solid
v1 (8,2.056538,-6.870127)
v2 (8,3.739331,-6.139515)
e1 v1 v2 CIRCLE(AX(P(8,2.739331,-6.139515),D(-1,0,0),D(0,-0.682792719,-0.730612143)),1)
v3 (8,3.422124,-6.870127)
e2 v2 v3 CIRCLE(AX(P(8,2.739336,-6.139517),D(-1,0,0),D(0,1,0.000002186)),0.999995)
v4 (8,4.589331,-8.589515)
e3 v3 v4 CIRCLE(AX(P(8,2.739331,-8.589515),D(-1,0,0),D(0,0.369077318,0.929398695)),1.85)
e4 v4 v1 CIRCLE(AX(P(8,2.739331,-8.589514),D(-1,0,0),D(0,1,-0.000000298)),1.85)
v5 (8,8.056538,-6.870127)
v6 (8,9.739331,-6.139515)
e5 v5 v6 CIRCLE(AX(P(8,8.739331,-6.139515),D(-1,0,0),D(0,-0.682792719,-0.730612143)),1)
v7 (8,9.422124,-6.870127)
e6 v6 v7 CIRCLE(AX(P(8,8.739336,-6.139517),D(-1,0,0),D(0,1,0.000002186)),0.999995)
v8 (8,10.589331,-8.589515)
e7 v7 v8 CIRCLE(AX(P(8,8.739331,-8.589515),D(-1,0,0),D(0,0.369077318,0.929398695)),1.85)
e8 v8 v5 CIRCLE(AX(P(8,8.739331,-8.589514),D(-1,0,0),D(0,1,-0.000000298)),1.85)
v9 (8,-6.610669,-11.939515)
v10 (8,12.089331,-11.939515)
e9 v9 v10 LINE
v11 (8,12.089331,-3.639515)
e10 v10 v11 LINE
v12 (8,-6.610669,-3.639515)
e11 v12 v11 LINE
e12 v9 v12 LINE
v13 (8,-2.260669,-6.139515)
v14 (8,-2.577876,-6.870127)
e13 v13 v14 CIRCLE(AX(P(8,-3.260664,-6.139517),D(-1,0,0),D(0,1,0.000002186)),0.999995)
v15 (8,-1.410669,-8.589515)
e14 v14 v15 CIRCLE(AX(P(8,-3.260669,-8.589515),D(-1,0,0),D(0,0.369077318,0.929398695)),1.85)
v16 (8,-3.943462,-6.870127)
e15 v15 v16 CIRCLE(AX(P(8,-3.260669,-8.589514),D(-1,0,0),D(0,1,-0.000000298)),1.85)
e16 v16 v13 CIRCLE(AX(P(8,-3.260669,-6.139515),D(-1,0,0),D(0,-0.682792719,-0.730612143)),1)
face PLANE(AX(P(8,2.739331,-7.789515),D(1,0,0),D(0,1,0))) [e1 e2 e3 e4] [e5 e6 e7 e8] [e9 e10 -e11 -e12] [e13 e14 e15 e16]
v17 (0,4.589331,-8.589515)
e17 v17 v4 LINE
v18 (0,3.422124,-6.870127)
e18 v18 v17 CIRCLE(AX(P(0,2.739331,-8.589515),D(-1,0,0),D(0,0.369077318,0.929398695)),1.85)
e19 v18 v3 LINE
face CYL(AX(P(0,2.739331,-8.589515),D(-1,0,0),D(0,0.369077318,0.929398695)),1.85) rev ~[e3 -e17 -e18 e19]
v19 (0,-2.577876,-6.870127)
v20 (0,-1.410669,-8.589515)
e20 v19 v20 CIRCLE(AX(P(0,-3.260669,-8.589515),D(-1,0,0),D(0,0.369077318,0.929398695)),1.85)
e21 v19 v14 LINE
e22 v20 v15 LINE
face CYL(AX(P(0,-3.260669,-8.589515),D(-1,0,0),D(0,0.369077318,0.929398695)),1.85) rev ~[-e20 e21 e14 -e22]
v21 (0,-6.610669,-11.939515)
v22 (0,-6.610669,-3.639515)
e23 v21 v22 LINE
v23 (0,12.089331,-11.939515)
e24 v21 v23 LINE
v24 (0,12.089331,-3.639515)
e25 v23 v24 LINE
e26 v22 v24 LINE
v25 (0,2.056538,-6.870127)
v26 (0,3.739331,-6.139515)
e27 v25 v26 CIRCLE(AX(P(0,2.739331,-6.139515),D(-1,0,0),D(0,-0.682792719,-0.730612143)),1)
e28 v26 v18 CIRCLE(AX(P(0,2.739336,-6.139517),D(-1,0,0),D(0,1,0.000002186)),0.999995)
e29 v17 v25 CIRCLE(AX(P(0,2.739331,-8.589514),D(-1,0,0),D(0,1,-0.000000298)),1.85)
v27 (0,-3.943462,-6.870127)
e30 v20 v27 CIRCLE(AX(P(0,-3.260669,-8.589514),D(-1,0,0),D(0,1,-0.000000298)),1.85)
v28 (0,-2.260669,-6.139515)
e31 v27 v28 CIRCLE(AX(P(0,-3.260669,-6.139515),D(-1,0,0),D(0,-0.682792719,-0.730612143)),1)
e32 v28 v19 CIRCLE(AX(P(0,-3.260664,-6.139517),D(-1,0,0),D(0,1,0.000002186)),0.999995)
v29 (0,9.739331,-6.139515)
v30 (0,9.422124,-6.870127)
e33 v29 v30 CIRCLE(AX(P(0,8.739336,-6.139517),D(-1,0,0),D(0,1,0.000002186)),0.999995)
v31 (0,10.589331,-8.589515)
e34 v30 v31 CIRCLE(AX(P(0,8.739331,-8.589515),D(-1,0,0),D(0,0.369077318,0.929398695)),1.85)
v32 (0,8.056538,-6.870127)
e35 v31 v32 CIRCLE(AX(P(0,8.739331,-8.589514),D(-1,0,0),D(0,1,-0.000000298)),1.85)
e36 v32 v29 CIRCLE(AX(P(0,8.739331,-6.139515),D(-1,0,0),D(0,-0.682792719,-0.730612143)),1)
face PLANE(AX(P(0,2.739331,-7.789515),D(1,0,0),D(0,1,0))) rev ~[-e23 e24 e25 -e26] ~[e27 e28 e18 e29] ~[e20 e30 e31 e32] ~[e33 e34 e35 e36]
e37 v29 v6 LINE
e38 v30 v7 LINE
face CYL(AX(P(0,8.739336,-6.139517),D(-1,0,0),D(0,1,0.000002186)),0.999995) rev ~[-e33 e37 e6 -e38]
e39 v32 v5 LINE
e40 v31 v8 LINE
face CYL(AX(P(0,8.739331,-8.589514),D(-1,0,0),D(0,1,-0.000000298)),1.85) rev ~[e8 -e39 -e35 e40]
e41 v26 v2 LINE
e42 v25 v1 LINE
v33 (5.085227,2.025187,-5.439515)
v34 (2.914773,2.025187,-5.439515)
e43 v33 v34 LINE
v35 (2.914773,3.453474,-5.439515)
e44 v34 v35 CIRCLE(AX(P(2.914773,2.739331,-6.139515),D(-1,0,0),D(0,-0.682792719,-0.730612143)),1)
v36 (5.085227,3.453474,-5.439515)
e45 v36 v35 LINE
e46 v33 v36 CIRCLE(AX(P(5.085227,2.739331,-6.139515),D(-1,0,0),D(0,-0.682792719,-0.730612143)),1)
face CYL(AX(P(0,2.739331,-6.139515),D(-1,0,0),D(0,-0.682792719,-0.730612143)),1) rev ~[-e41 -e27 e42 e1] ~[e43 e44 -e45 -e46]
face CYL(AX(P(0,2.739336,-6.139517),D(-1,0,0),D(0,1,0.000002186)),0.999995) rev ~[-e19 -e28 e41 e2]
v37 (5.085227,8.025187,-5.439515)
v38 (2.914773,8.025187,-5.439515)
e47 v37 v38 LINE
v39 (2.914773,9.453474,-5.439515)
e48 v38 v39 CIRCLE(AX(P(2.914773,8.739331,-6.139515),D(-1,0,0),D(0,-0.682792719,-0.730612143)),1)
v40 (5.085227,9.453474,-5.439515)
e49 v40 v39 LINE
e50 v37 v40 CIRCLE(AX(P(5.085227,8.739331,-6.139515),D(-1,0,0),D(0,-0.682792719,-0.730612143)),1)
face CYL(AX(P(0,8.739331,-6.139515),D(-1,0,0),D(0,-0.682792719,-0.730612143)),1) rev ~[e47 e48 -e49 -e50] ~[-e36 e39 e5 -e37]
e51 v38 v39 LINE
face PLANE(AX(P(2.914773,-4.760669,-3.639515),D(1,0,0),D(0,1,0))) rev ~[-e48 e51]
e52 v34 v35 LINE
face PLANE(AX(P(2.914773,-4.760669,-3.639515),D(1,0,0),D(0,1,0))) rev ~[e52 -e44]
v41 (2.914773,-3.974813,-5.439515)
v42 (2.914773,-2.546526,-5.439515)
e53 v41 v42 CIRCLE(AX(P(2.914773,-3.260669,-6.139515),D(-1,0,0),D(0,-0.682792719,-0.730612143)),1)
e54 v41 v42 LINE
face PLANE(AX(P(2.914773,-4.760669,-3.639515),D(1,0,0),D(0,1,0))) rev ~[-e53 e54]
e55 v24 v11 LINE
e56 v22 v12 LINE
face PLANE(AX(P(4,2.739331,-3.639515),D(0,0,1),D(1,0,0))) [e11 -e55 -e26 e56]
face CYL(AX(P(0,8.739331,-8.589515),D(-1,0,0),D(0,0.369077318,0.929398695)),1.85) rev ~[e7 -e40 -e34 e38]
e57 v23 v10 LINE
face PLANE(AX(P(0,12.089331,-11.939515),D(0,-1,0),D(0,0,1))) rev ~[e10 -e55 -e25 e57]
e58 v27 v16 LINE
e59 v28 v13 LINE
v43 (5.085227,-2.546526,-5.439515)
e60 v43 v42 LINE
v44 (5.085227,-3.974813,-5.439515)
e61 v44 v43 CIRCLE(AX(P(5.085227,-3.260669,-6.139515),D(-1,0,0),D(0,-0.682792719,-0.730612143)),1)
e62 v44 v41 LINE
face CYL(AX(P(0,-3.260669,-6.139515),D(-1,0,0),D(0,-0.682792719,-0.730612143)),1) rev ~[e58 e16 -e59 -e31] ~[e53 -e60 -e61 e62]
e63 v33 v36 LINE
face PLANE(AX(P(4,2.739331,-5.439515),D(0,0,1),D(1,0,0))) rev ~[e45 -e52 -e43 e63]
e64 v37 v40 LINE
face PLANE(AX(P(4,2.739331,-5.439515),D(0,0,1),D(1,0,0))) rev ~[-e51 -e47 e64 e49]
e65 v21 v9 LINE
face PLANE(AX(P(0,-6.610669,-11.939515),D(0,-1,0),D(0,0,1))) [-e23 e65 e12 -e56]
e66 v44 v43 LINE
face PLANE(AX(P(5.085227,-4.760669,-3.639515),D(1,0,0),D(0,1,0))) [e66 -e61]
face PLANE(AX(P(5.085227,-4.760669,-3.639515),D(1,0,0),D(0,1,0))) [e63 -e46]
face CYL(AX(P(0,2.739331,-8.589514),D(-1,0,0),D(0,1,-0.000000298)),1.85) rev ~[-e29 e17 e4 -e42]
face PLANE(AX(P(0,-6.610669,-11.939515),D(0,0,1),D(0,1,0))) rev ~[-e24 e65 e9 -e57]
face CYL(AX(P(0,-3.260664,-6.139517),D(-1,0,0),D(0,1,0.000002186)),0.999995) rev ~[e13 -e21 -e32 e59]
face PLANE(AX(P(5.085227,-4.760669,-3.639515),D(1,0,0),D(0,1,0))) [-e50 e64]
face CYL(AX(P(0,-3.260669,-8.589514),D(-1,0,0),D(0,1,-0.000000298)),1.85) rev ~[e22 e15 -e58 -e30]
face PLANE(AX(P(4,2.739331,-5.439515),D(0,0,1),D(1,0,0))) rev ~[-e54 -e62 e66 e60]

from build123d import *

# Parameters (mm, degrees)
F0_W     = 18.7
F0_H     = 8.3
F1_DEPTH = 8
F2_W     = 2.170454
F2_H     = 15
F3_DEPTH = 1.8


with BuildPart() as f1:
    # F0 (on Right) → F1 (new body)
    with BuildSketch(Plane.YZ):
        with Locations((2.739331, -7.789515)):
            Rectangle(F0_W, F0_H)
        with BuildLine():
            ThreePointArc((-2.577876, -6.870127), (-1.730037, -7.550445), (-1.410669, -8.589515))
            ThreePointArc((-1.410669, -8.589515), (-4.299739, -10.120146), (-3.943462, -6.870127))
            ThreePointArc((-3.943462, -6.870127), (-3.65892, -5.222238), (-2.260669, -6.139515))
            ThreePointArc((-2.260669, -6.139515), (-2.343392, -6.537766), (-2.577876, -6.870127))
        make_face(mode=Mode.SUBTRACT)
        with BuildLine():
            ThreePointArc((3.422124, -6.870127), (4.269963, -7.550445), (4.589331, -8.589515))
            ThreePointArc((4.589331, -8.589515), (1.700261, -10.120146), (2.056538, -6.870127))
            ThreePointArc((2.056538, -6.870127), (2.34108, -5.222238), (3.739331, -6.139515))
            ThreePointArc((3.739331, -6.139515), (3.656608, -6.537766), (3.422124, -6.870127))
        make_face(mode=Mode.SUBTRACT)
        with BuildLine():
            ThreePointArc((9.422124, -6.870127), (10.269963, -7.550445), (10.589331, -8.589515))
            ThreePointArc((10.589331, -8.589515), (7.700261, -10.120146), (8.056538, -6.870127))
            ThreePointArc((8.056538, -6.870127), (8.34108, -5.222238), (9.739331, -6.139515))
            ThreePointArc((9.739331, -6.139515), (9.656608, -6.537766), (9.422124, -6.870127))
        make_face(mode=Mode.SUBTRACT)
    extrude(amount=F1_DEPTH)

    # F2 (on face) → F3 (join)
    with BuildSketch(Plane.XY.offset(-3.639515)):
        with Locations((4, 2.739331)):
            Rectangle(F2_W, F2_H)
    extrude(amount=-F3_DEPTH)


solid = f1.part
